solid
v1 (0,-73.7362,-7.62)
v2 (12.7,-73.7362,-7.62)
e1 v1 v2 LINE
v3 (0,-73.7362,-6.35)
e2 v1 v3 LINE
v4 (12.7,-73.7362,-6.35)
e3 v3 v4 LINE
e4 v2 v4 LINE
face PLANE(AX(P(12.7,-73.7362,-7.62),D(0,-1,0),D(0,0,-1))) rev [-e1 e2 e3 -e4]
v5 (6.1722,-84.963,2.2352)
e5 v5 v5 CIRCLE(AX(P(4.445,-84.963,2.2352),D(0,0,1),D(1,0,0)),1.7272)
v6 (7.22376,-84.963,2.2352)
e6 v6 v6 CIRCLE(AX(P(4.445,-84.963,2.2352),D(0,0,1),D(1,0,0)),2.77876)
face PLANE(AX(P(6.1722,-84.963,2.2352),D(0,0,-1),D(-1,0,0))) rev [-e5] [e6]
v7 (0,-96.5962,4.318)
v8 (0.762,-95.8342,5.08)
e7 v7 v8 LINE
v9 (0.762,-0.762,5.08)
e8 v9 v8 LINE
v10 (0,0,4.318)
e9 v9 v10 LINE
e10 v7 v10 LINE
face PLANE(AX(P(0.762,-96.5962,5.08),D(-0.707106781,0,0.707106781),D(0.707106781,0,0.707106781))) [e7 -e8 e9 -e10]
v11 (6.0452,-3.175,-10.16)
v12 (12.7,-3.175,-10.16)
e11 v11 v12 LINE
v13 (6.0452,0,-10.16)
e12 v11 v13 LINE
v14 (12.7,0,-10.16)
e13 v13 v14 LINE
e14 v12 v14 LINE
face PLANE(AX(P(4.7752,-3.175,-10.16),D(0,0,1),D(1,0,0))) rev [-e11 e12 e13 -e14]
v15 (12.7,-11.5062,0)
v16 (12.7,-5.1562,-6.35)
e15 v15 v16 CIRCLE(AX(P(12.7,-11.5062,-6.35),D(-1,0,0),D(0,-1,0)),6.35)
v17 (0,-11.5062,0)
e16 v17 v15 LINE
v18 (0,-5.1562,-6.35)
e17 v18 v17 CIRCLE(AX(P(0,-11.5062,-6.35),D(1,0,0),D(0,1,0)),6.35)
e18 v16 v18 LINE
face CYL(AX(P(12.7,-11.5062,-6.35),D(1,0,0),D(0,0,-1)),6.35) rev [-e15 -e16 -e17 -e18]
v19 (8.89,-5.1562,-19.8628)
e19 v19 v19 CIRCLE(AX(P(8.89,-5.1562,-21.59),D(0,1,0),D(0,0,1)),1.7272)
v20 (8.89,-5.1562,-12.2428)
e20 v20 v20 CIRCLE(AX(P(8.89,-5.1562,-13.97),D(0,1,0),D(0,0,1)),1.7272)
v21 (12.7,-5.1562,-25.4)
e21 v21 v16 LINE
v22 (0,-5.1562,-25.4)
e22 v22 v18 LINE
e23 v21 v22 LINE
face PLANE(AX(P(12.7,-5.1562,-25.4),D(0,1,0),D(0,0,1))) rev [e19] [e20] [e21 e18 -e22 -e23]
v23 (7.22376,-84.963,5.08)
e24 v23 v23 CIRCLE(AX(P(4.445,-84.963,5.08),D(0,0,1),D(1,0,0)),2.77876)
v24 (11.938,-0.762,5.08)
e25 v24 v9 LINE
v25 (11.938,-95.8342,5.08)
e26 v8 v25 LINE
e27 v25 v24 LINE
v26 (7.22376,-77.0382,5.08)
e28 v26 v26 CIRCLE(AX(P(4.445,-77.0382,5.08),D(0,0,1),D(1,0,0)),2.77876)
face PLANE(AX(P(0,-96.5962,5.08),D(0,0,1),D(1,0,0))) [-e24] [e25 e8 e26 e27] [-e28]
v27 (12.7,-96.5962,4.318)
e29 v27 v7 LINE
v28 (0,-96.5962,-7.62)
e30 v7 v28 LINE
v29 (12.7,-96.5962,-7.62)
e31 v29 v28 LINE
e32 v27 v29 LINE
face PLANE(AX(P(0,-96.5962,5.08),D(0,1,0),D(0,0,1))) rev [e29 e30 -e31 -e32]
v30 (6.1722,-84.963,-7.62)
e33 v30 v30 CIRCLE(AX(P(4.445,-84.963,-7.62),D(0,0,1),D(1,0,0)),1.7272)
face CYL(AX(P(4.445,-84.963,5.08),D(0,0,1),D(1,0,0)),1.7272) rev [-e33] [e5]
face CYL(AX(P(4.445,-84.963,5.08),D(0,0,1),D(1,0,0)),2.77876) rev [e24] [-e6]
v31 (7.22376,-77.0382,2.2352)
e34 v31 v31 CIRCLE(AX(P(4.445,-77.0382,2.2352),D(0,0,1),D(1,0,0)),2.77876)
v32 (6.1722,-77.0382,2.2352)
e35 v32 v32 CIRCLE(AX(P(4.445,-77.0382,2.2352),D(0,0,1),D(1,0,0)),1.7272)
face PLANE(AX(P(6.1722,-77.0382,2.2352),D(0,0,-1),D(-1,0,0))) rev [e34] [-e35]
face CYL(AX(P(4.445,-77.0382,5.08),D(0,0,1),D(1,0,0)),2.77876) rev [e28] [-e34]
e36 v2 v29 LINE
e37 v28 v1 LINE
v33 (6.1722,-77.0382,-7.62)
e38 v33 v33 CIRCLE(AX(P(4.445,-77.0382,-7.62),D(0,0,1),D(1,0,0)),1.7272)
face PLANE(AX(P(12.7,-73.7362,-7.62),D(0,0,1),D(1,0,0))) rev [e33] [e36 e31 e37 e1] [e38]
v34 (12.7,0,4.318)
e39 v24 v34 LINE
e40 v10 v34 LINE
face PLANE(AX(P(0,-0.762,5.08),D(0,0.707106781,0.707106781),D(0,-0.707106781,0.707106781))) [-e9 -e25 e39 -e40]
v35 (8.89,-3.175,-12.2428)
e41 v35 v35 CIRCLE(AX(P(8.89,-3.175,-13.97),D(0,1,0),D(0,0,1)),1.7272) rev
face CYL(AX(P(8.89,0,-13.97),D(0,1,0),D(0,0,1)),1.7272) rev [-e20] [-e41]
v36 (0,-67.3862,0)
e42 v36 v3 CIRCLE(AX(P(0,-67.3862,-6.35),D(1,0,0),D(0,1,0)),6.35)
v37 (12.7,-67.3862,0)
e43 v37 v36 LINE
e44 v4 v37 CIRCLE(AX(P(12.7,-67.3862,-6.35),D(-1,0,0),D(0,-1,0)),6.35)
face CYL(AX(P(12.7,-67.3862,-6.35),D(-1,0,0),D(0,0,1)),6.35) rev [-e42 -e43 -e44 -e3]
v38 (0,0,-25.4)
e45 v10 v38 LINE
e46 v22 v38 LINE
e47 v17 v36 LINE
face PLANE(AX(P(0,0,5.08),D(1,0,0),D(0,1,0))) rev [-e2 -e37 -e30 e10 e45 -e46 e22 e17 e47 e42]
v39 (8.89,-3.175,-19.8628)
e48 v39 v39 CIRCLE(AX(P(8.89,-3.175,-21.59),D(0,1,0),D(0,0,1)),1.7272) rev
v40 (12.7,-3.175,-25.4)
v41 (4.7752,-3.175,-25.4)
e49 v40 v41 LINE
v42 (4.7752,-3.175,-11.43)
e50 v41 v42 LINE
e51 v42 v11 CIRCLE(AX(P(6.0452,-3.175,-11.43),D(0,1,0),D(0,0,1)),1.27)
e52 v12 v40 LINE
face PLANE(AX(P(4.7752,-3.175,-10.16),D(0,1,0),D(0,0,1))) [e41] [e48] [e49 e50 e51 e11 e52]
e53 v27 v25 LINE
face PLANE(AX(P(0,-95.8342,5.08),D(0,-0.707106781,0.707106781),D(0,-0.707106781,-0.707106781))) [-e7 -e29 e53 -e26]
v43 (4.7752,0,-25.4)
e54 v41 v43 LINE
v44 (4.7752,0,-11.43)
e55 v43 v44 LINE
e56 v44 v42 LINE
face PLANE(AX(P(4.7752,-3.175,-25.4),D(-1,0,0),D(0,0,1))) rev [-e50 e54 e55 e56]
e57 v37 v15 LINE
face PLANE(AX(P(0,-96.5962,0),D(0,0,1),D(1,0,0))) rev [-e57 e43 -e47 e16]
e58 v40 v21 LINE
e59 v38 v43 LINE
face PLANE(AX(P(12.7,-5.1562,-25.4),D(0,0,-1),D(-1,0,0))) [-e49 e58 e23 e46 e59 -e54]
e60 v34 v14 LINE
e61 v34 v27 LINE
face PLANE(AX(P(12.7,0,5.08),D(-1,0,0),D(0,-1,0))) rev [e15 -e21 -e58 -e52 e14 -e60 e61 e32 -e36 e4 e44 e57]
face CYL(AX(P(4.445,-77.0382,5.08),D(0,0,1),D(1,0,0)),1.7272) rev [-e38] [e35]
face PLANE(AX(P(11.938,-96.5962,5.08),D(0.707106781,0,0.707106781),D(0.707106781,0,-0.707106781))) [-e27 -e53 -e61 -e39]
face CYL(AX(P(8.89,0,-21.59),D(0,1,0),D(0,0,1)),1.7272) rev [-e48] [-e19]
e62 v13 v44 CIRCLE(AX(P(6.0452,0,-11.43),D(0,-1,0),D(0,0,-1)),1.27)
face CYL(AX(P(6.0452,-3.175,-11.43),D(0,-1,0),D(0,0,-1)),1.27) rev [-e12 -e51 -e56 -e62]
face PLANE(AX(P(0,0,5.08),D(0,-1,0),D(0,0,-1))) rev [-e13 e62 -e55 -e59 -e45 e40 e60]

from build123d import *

# Parameters (mm, degrees)
SKETCH1_W                                      = 12.7
SKETCH1_H                                      = 96.5962
EXTRUDE1_DEPTH                                 = 5.08
SKETCH2_W                                      = 12.7
SKETCH2_H                                      = 5.1562
EXTRUDE2_DEPTH                                 = 25.4
SKETCH6_W                                      = 12.7
SKETCH6_H                                      = 22.86
EXTRUDE4_DEPTH                                 = 7.62
F_4_CLEARANCE_HOLE1_D                          = 3.4544
SKETCH7_W                                      = 7.9248
SKETCH7_H                                      = 15.24
EXTRUDE5_DEPTH                                 = 3.175
FILLET1_R                                      = 1.27
FILLET2_R                                      = 6.35
CHAMFER1_SIZE                                  = 0.762
CBORE_FOR_4_SOCKET_HEAD_CAP_SCREW1_D           = 3.4544
CBORE_FOR_4_SOCKET_HEAD_CAP_SCREW1_CBORE_D     = 5.55752
CBORE_FOR_4_SOCKET_HEAD_CAP_SCREW1_CBORE_DEPTH = 2.8448


with BuildPart() as part:
    # Sketch1 → Extrude1 (new body)
    with BuildSketch(Plane.XY):
        with Locations((6.35, -48.2981)):
            Rectangle(SKETCH1_W, SKETCH1_H)
    extrude(amount=EXTRUDE1_DEPTH)

    # Sketch2 → Extrude2 (add)
    with BuildSketch(Plane(origin=(0, 0, 0), x_dir=(-1, 0, 0), z_dir=(0, 0, -1))):
        with Locations((-6.35, -2.5781)):
            Rectangle(SKETCH2_W, SKETCH2_H)
    extrude(amount=EXTRUDE2_DEPTH)

    # Sketch6 → Extrude4 (add)
    with BuildSketch(Plane(origin=(0, 0, 0), x_dir=(-1, 0, 0), z_dir=(0, 0, -1))):
        with Locations((-6.35, -85.1662)):
            Rectangle(SKETCH6_W, SKETCH6_H)
    extrude(amount=EXTRUDE4_DEPTH)

    # #4 Clearance Hole1 (through all)
    with Locations(Plane(origin=(0, 0, 0), x_dir=(-1, 0, 0), z_dir=(0, 1, 0))):
        with Locations((-8.89, -21.59), (-8.89, -13.97)):
            Hole(F_4_CLEARANCE_HOLE1_D / 2)

    # Sketch7 → Extrude5 (cut)
    with BuildSketch(Plane(origin=(0, 0, 0), x_dir=(1, 0, 0), z_dir=(0, 1, 0))):
        with Locations((8.7376, 17.78)):
            Rectangle(SKETCH7_W, SKETCH7_H)
    extrude(amount=-EXTRUDE5_DEPTH, mode=Mode.SUBTRACT)

    # Fillet1
    fillet1_edges = [part.edges().sort_by_distance(p)[0] for p in [
        (4.7752, -1.5875, -10.16),
    ]]
    fillet(fillet1_edges, radius=FILLET1_R)

    # Fillet2
    fillet2_edges = [part.edges().sort_by_distance(p)[0] for p in [
        (6.35, -73.7362, 0),
        (6.35, -5.1562, 0),
    ]]
    fillet(fillet2_edges, radius=FILLET2_R)

    # Chamfer1
    chamfer1_edges = [part.edges().sort_by_distance(p)[0] for p in [
        (12.7, -48.2981, 5.08),
        (6.35, 0, 5.08),
        (0, -48.2981, 5.08),
        (6.35, -96.5962, 5.08),
    ]]
    chamfer(chamfer1_edges, length=CHAMFER1_SIZE)

    # CBORE for #4 Socket Head Cap Screw1 (through all)
    with Locations(Plane.XY.offset(5.08)):
        with Locations((4.445, -84.963), (4.445, -77.0382)):
            CounterBoreHole(CBORE_FOR_4_SOCKET_HEAD_CAP_SCREW1_D / 2, CBORE_FOR_4_SOCKET_HEAD_CAP_SCREW1_CBORE_D / 2, CBORE_FOR_4_SOCKET_HEAD_CAP_SCREW1_CBORE_DEPTH)


solid = part.part
